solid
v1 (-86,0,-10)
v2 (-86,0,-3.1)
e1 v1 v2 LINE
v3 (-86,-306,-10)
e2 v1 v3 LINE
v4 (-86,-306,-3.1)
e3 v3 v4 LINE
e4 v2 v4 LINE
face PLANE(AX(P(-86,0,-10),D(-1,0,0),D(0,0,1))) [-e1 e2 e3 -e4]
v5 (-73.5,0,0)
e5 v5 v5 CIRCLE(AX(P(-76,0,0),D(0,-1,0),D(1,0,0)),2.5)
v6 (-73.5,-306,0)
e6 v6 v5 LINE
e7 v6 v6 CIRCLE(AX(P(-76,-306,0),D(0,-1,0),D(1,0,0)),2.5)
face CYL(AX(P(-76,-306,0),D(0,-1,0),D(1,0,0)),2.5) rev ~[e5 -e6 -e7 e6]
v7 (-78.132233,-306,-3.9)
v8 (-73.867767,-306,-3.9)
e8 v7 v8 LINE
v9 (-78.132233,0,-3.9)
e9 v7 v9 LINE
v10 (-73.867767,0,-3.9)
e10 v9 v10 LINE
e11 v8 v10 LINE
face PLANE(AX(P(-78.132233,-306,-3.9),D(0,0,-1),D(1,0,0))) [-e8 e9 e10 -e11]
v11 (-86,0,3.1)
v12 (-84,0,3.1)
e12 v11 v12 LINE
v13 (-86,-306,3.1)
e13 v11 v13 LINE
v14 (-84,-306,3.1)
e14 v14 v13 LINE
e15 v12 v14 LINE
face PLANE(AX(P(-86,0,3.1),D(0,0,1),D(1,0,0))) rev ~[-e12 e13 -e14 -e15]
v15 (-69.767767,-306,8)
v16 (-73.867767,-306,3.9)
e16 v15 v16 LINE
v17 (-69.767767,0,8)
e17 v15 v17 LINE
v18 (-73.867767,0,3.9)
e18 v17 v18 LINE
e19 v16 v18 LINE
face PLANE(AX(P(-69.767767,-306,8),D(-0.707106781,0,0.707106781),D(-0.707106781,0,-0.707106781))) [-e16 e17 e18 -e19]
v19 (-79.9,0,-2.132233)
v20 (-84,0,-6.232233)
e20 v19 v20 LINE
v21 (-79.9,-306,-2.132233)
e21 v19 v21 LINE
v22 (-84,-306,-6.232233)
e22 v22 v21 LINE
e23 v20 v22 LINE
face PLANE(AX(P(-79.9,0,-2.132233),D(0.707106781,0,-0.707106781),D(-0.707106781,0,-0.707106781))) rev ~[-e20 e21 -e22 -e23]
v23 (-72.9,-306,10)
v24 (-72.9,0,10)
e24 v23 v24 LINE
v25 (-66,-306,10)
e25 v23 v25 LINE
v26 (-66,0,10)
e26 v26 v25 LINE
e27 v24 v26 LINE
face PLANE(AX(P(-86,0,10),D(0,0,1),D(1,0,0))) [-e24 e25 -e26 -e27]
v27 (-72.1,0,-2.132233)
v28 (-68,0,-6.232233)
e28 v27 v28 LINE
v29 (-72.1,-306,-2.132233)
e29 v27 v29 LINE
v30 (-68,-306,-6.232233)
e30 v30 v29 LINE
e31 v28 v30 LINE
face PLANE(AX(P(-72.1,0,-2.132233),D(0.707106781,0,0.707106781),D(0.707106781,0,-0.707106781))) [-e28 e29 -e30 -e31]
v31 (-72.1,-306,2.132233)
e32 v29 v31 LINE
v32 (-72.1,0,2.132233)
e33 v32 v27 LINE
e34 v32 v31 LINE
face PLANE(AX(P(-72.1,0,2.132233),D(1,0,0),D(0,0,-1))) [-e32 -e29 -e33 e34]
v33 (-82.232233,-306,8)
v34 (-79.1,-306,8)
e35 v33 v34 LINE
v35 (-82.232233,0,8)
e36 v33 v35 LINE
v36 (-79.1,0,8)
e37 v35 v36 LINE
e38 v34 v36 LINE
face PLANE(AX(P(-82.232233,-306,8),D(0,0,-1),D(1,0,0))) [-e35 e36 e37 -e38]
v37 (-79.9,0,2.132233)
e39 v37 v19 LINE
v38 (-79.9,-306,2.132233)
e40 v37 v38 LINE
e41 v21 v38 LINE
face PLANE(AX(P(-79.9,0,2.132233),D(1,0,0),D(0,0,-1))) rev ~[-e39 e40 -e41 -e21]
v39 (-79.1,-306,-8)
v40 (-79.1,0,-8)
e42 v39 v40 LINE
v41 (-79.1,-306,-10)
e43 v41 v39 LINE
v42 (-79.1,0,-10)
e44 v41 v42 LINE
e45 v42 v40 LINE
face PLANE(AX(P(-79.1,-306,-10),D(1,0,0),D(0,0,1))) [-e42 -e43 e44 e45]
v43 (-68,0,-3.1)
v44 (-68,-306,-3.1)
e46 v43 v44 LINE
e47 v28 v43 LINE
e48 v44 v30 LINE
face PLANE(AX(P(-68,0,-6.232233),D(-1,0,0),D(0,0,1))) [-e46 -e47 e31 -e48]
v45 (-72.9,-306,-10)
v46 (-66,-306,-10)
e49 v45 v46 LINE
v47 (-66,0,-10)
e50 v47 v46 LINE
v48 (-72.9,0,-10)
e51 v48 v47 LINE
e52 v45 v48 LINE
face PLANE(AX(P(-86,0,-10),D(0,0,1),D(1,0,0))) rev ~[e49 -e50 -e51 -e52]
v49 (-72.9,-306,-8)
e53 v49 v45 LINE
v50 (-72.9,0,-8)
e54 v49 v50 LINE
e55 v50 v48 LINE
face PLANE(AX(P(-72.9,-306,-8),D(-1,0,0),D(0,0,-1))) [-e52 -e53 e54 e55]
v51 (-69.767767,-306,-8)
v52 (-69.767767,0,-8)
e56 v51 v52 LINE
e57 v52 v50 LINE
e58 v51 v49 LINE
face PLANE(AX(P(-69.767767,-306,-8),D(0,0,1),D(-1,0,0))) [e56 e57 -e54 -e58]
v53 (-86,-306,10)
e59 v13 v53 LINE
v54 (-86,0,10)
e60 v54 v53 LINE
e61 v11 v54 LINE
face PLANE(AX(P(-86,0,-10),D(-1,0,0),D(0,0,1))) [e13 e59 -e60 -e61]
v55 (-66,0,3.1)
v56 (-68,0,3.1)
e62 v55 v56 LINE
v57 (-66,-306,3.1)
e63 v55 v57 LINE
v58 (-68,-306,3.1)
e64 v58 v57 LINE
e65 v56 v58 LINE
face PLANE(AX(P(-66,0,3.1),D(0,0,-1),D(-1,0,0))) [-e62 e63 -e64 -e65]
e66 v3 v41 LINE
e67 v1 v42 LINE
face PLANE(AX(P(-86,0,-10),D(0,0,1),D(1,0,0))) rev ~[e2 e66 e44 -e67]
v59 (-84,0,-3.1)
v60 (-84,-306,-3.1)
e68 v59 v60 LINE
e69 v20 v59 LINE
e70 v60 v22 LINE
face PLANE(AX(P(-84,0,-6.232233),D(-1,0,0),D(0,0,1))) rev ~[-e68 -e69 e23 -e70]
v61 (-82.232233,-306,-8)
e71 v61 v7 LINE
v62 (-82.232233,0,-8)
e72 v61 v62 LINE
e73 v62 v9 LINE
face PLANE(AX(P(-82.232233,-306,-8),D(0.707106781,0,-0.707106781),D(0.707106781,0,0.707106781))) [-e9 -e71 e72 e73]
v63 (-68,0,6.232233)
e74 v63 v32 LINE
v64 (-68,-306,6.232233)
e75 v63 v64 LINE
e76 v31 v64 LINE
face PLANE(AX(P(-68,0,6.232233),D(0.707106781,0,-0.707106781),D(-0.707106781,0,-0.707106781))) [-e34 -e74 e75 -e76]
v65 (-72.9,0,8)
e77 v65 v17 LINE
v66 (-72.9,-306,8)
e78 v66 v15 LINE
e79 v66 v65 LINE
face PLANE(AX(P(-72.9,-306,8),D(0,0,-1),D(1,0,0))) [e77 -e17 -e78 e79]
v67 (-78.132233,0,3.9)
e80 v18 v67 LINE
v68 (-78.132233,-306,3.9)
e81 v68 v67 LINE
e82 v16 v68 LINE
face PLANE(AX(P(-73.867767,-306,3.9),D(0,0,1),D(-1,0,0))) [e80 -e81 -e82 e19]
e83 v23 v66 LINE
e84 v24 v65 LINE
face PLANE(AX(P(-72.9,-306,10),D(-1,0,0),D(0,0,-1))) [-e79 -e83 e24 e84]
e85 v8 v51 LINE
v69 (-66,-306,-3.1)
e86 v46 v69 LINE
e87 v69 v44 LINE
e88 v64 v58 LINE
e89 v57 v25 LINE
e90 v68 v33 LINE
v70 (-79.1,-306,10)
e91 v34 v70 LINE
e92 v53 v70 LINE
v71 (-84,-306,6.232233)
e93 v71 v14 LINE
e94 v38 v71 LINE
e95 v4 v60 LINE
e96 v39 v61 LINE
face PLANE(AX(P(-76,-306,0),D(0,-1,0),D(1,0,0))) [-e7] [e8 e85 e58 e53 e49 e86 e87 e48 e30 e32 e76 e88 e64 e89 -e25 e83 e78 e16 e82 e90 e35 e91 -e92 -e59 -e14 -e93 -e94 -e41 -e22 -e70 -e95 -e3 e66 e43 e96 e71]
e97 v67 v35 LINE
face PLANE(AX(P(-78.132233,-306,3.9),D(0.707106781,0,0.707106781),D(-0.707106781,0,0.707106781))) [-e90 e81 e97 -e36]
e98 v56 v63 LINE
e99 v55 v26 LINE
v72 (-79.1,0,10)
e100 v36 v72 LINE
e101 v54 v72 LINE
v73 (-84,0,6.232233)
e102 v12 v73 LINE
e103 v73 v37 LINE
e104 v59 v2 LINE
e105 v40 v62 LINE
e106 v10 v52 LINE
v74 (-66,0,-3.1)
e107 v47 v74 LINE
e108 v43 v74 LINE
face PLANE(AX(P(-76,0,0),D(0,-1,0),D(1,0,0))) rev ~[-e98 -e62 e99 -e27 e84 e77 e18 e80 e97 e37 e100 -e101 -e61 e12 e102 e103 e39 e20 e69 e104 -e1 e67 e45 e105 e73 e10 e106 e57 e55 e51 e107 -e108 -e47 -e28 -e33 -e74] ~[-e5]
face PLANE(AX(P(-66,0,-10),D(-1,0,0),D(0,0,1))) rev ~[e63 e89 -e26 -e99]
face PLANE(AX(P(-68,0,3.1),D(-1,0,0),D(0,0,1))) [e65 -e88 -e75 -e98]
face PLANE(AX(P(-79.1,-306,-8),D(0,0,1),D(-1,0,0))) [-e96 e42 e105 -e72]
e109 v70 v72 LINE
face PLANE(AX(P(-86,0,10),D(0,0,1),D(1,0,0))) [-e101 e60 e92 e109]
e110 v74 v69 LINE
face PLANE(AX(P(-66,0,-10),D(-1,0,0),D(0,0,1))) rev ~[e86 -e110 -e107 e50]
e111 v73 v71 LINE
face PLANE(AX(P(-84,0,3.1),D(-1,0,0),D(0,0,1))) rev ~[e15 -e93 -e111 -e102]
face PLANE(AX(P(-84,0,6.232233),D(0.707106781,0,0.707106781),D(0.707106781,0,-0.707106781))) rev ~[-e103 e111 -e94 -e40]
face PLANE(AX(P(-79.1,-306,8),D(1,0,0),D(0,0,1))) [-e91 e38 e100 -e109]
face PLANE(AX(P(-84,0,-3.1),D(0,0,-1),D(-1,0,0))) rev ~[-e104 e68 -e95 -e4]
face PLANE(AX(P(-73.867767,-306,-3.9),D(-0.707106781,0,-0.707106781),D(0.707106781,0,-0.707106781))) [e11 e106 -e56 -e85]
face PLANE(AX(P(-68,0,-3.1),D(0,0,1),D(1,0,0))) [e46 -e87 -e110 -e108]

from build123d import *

# Parameters (mm, degrees)
SKETCH_W             = 20
SKETCH_H             = 20
PAD_DEPTH            = 306
SKETCH001_R          = 2.5
POCKET_DEPTH         = 306.001
POCKET001_DEPTH      = 306.001
BODY_PLACEMENT_ANGLE = 90


with BuildPart() as part:
    # Sketch → Pad (new body)
    with BuildSketch(Plane.XY):
        Rectangle(SKETCH_W, SKETCH_H)
    extrude(amount=PAD_DEPTH)

    # Sketch001 (on Face6 of Pad) → Pocket (cut, through all)
    with BuildSketch(Plane.XY.offset(306)):
        Circle(SKETCH001_R)
        Polygon((-3.1, 10), (3.1, 10), (3.1, 8), (6.232233, 8), (2.132233, 3.9), (-2.132233, 3.9), (-6.232233, 8), (-3.1, 8), align=None)
        Polygon((-3.1, -8), (-6.232233, -8), (-2.132233, -3.9), (2.132233, -3.9), (6.232233, -8), (3.1, -8), (3.1, -10), (-3.1, -10), align=None)
    extrude(amount=-POCKET_DEPTH, mode=Mode.SUBTRACT)

    # Sketch002 (on Face2 of Pocket) → Pocket001 (cut, through all)
    with BuildSketch(Plane(origin=(0, 0, 0), x_dir=(1, 0, 0), z_dir=(0, 0, -1))):
        Polygon((-10, -3.1), (-8, -3.1), (-8, -6.232233), (-3.9, -2.132233), (-3.9, 2.132233), (-8, 6.232233), (-8, 3.1), (-10, 3.1), align=None)
        Polygon((3.9, -2.132233), (3.9, 2.132233), (8, 6.232233), (8, 3.1), (10, 3.1), (10, -3.1), (8, -3.1), (8, -6.232233), align=None)
    extrude(amount=-POCKET001_DEPTH, mode=Mode.SUBTRACT)


with BuildPart() as part_1:
    # Body placement: moved
    add(part.part.moved(Location((-76, 0, 0))).rotate(Axis((-76, 0, 0), (1, 0, 0)), BODY_PLACEMENT_ANGLE))


solid = part_1.part
